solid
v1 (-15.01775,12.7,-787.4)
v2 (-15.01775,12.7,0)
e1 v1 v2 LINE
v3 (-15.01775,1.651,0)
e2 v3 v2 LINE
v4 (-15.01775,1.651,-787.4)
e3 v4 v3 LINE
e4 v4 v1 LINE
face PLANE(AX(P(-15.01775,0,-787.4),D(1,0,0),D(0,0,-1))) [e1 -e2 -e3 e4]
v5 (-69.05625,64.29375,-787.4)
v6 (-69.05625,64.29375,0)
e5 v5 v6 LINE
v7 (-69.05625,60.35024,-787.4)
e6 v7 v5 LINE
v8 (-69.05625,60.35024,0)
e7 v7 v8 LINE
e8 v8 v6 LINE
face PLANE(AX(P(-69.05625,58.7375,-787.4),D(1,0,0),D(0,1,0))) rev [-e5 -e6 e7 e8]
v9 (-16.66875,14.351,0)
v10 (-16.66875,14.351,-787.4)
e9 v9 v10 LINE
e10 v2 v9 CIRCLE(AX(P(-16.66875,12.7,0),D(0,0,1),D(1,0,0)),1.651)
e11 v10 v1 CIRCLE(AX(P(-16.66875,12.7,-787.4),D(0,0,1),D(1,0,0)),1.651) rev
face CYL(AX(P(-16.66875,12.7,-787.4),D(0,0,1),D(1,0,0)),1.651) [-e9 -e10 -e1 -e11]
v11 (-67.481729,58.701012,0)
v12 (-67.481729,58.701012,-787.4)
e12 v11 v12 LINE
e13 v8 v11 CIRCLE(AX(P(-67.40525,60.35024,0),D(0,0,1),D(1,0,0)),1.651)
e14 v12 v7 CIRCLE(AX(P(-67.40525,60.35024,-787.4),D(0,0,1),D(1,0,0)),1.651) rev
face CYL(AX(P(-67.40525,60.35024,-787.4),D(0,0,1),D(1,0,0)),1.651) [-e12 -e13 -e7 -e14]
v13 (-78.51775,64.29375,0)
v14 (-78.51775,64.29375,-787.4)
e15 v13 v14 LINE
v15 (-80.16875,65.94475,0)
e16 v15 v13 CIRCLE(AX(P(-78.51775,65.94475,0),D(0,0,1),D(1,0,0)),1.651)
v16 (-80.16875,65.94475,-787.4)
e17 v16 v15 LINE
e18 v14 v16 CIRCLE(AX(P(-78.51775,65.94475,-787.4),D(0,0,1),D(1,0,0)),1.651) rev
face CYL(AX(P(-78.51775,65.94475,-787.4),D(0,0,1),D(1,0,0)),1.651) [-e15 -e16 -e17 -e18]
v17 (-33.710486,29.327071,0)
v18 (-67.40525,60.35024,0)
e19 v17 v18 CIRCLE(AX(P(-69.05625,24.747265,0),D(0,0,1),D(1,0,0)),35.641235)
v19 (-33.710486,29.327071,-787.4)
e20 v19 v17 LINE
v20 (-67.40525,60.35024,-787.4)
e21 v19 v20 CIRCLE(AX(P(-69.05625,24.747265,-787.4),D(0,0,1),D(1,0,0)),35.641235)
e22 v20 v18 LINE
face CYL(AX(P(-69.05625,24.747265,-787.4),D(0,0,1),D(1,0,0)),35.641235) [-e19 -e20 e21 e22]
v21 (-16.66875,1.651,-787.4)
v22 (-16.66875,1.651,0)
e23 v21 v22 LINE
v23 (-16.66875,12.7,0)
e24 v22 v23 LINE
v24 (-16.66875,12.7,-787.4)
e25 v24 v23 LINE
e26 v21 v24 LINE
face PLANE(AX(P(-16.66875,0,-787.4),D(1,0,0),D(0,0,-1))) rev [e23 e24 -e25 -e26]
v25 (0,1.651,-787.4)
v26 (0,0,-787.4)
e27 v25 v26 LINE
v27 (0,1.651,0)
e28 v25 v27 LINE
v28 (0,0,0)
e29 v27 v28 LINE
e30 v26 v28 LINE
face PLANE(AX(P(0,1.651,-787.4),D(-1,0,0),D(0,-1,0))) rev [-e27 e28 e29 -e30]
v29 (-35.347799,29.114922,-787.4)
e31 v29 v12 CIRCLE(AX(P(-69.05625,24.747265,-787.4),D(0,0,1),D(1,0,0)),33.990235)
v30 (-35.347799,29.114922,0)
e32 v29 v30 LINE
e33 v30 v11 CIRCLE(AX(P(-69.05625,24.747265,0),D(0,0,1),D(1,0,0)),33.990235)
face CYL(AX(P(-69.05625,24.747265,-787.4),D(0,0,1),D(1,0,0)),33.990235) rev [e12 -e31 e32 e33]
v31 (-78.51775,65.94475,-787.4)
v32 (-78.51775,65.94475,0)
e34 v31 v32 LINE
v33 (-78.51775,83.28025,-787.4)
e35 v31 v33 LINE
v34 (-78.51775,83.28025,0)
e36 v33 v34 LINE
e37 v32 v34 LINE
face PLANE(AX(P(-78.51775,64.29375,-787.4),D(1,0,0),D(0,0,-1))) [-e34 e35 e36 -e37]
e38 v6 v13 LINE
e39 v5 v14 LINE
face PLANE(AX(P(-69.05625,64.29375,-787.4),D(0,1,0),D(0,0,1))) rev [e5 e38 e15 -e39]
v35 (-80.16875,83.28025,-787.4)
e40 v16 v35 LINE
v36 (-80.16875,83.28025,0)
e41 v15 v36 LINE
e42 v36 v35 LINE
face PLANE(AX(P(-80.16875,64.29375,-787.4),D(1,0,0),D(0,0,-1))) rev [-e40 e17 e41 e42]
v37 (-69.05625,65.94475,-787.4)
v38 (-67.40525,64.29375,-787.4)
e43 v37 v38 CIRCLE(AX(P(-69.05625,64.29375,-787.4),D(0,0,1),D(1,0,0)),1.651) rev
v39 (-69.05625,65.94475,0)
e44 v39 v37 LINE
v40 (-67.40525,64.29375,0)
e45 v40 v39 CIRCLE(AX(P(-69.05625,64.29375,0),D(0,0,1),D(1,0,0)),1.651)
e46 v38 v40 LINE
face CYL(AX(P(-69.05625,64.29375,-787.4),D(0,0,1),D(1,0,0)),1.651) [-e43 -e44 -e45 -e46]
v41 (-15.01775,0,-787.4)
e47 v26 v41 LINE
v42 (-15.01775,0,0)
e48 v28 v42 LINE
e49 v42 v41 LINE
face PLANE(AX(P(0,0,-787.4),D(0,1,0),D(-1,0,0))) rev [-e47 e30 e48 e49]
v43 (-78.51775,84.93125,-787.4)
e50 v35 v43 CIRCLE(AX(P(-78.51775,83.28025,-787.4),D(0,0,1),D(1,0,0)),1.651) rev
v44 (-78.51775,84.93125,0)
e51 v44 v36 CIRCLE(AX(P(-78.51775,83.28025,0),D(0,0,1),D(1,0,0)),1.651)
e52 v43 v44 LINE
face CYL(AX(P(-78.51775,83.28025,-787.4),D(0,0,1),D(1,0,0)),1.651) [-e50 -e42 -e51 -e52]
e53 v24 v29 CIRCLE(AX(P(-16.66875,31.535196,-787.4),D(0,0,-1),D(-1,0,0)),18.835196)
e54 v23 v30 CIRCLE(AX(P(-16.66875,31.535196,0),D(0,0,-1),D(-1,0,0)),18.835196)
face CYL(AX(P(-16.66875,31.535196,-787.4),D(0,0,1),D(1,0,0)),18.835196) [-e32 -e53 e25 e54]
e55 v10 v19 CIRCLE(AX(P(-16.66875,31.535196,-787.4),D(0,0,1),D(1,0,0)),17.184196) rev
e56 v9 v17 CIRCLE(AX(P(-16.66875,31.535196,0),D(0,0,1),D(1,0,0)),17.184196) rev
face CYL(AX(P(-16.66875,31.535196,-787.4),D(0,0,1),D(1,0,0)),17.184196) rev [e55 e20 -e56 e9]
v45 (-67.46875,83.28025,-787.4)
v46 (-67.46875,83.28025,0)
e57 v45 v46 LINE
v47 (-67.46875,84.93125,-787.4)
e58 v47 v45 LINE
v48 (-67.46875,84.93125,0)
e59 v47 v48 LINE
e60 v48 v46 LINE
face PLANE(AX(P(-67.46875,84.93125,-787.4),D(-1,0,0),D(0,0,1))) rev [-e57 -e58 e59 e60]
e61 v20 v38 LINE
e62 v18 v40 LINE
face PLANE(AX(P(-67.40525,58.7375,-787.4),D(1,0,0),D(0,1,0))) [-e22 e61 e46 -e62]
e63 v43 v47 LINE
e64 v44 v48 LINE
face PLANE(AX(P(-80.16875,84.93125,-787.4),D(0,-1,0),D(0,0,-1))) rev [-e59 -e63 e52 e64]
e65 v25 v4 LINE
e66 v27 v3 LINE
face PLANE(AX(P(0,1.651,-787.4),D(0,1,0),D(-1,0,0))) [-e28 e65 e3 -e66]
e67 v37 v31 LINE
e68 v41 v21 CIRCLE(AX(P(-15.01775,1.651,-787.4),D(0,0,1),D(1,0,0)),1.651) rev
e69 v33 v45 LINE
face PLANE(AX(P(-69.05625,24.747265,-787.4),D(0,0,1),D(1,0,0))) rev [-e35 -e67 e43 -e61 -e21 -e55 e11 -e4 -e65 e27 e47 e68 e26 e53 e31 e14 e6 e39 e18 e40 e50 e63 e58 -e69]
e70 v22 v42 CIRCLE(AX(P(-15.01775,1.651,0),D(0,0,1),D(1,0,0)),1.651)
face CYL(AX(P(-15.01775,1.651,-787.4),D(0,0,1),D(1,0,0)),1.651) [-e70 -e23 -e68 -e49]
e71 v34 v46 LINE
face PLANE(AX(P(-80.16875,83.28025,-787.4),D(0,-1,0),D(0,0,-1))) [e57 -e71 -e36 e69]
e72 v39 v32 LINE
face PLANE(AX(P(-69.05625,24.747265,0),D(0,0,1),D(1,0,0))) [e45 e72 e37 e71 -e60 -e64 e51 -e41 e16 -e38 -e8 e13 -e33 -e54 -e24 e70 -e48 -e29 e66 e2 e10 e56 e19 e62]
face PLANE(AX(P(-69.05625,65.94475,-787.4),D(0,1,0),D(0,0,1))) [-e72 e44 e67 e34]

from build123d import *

# Parameters (mm, degrees)
EXTRUDE_THIN1_DEPTH = 787.4
FILLET1_R           = 1.651


with BuildPart() as part:
    # Sketch1 → Extrude-Thin1 (new body)
    with BuildSketch(Plane.XY):
        with BuildLine():
            Line((0, 0), (-16.66875, 0))
            Line((-16.66875, 0), (-16.66875, 12.7))
            ThreePointArc((-16.66875, 12.7), (-29.102138, 17.386858), (-35.347799, 29.114922))
            ThreePointArc((-35.347799, 29.114922), (-46.618799, 50.279536), (-69.05625, 58.7375))
            Line((-69.05625, 58.7375), (-69.05625, 64.29375))
            Line((-69.05625, 64.29375), (-80.16875, 64.29375))
            Line((-80.16875, 64.29375), (-80.16875, 84.93125))
            Line((-80.16875, 84.93125), (-67.46875, 84.93125))
            Line((-67.46875, 84.93125), (-67.46875, 83.28025))
            Line((-67.46875, 83.28025), (-78.51775, 83.28025))
            Line((-78.51775, 83.28025), (-78.51775, 65.94475))
            Line((-78.51775, 65.94475), (-67.40525, 65.94475))
            Line((-67.40525, 65.94475), (-67.40525, 60.35024))
            ThreePointArc((-67.40525, 60.35024), (-44.915012, 50.967453), (-33.710486, 29.327071))
            ThreePointArc((-33.710486, 29.327071), (-27.378357, 18.096412), (-15.01775, 14.430495))
            Line((-15.01775, 14.430495), (-15.01775, 1.651))
            Line((-15.01775, 1.651), (0, 1.651))
            Line((0, 1.651), (0, 0))
        make_face()
    extrude(amount=-EXTRUDE_THIN1_DEPTH)

    # Fillet1
    fillet1_edges = [part.edges().sort_by_distance(p)[0] for p in [
        (-67.40525, 65.94475, -393.7),
        (-15.01775, 14.430495, -393.7),
        (-16.66875, 0, -393.7),
        (-69.05625, 58.7375, -393.7),
        (-80.16875, 64.29375, -393.7),
        (-80.16875, 84.93125, -393.7),
    ]]
    fillet(fillet1_edges, radius=FILLET1_R)


solid = part.part
